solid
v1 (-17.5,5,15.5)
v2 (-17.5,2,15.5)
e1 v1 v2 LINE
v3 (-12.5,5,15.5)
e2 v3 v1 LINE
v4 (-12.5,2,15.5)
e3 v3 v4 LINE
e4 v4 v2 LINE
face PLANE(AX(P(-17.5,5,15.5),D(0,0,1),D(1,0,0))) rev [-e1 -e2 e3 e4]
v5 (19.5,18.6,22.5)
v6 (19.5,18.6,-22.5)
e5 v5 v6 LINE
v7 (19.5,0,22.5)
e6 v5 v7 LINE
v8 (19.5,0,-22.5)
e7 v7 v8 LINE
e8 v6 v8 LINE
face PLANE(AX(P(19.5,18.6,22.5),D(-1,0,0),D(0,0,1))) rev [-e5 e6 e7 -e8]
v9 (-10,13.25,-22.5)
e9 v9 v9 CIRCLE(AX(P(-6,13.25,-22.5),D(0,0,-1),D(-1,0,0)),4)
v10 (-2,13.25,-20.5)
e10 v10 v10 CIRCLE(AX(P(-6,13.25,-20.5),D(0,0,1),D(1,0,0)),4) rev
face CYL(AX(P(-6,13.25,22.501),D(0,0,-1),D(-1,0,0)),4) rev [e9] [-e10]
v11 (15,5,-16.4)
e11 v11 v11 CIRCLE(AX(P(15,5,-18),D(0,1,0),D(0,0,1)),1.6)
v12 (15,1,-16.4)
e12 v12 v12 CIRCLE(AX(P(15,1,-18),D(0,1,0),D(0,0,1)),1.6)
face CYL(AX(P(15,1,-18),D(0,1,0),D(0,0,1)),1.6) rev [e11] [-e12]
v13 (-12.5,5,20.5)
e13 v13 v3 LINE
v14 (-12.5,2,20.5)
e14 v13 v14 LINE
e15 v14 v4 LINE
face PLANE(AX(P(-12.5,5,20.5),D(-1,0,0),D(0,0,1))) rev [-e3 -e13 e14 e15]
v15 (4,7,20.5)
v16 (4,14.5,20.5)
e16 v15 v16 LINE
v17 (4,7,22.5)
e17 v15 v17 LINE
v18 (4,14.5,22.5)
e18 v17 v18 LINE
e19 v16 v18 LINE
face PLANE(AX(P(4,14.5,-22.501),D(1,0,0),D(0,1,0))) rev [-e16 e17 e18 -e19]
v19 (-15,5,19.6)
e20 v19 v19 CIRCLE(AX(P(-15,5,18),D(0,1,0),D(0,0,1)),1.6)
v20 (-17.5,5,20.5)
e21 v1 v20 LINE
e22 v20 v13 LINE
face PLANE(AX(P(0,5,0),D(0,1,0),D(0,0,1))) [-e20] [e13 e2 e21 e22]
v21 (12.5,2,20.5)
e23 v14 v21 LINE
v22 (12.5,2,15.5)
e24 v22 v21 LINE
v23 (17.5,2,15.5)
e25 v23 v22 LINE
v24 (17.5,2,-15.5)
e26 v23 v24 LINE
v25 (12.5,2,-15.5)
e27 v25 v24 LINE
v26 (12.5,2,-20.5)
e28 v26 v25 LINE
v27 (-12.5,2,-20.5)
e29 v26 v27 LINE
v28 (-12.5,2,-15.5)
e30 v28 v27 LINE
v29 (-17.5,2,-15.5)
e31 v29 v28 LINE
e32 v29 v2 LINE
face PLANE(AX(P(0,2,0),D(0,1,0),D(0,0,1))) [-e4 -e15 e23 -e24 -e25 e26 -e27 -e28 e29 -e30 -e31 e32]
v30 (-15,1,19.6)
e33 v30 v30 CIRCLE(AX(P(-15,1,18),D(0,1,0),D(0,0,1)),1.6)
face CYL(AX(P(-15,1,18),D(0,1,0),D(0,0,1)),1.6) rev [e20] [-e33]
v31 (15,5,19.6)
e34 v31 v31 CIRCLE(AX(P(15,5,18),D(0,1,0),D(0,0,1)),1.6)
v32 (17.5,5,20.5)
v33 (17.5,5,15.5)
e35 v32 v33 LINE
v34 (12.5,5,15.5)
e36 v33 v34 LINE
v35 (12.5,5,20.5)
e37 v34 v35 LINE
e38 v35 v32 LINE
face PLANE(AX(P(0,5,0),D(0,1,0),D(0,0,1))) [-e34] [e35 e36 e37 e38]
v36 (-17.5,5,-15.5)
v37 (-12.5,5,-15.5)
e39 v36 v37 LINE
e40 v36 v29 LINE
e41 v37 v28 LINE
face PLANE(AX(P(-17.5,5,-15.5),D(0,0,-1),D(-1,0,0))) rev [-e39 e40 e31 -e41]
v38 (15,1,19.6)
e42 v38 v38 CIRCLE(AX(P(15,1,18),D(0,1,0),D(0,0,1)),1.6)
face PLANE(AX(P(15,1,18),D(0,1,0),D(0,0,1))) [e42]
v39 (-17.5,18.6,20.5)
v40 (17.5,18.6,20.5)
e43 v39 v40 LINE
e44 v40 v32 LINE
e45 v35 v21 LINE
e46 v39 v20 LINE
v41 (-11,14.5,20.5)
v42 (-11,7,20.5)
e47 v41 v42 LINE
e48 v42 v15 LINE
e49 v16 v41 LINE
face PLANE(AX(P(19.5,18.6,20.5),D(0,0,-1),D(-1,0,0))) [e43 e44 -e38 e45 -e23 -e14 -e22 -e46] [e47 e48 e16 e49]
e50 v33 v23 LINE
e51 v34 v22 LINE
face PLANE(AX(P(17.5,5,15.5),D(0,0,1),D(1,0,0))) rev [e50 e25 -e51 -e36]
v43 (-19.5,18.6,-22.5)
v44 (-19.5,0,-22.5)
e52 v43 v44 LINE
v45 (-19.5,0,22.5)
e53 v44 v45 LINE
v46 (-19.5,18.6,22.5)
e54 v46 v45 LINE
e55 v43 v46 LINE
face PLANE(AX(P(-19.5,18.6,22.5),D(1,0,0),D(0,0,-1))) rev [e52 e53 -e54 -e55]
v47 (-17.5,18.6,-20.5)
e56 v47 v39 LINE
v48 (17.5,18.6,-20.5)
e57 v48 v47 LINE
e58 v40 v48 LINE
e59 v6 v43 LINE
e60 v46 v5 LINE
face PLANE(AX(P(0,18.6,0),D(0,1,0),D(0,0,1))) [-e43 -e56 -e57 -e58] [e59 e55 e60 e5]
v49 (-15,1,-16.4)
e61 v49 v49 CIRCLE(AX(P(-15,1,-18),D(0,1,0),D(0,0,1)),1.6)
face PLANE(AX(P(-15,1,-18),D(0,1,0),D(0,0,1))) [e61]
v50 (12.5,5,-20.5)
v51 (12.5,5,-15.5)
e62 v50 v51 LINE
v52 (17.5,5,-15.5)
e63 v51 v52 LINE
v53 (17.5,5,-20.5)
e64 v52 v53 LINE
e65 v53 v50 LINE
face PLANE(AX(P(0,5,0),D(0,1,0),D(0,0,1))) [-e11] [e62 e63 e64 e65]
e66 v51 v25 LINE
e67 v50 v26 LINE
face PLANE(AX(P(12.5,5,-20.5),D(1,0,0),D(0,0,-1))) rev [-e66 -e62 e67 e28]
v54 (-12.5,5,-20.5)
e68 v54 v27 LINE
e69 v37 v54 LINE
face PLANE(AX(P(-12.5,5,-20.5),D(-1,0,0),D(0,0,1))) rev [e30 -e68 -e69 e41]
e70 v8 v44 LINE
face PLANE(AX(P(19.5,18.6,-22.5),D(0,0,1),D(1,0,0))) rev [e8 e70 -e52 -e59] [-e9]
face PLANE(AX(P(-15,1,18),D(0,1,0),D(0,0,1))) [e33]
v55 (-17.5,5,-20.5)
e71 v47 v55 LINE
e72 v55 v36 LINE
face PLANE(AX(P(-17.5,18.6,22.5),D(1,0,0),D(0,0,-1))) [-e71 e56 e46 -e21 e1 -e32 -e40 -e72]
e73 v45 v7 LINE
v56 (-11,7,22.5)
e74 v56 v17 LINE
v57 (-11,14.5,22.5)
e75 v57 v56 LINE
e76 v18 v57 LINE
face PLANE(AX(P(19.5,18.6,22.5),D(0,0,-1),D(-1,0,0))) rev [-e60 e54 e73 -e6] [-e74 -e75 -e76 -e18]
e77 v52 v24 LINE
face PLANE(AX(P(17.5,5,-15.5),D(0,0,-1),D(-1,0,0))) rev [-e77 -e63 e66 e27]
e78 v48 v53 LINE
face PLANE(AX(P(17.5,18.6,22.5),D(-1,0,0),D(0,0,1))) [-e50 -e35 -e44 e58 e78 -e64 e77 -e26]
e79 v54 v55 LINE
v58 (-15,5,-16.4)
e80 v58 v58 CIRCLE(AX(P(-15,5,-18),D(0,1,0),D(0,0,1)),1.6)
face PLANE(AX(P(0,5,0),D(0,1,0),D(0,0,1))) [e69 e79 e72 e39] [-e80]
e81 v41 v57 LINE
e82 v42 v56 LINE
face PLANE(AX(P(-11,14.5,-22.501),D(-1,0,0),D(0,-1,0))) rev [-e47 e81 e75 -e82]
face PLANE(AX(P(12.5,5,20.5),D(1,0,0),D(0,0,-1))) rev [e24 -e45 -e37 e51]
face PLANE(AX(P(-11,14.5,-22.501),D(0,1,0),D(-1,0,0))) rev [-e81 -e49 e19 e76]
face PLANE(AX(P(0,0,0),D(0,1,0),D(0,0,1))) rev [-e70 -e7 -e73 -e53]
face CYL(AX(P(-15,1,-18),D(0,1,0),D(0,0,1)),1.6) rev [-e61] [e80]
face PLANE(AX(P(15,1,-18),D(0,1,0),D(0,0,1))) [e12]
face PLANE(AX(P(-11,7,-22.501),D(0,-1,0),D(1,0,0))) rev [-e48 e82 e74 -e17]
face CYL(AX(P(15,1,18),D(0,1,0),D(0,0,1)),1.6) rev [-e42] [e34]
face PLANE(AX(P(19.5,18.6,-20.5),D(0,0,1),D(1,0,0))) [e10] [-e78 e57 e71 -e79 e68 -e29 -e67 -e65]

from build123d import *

# Parameters (mm, degrees)
SKETCH1_W             = 39
SKETCH1_H             = 45
BODY_DEPTH            = 18.6
SHELL1_T              = -2
SKETCH3_W             = 5
SKETCH3_H             = 5
INSERTS_SUPPORT_DEPTH = 3
SKETCH4_R             = 1.6
INSERTS_HOLES_DEPTH   = 4
USB_HOLE_REACH        = 54.452
SKETCH5_W             = 15
SKETCH5_H             = 7.5
JACK_HOLE_REACH       = 54.452
SKETCH6_R             = 4


with BuildPart() as part:
    # Sketch1 → Body (new body)
    with BuildSketch(Plane(origin=(0, 0, 0), x_dir=(1, 0, 0), z_dir=(0, 1, 0))):
        Rectangle(SKETCH1_W, SKETCH1_H)
    extrude(amount=BODY_DEPTH)

    # Shell1
    shell1_openings = [part.faces().sort_by_distance(p)[0] for p in [
        (0, 18.6, 0),
    ]]
    offset(amount=SHELL1_T, openings=shell1_openings, kind=Kind.INTERSECTION)

    # Sketch3 → Inserts_Support (add)
    with BuildSketch(Plane(origin=(0, 2, 0), x_dir=(1, 0, 0), z_dir=(0, 1, 0))):
        with Locations((-15, 18)):
            Rectangle(SKETCH3_W, SKETCH3_H)
        with Locations((15, 18)):
            Rectangle(SKETCH3_W, SKETCH3_H)
        with Locations((15, -18)):
            Rectangle(SKETCH3_W, SKETCH3_H)
        with Locations((-15, -18)):
            Rectangle(SKETCH3_W, SKETCH3_H)
    extrude(amount=INSERTS_SUPPORT_DEPTH)

    # Sketch4 → Inserts_Holes (cut)
    with BuildSketch(Plane(origin=(0, 5, 0), x_dir=(1, 0, 0), z_dir=(0, 1, 0))):
        with Locations(Location((-15, 18, 0), (0, 0, 270))):
            Circle(SKETCH4_R)
        with Locations(Location((15, 18, 0), (0, 0, 270))):
            Circle(SKETCH4_R)
        with Locations(Location((15, -18, 0), (0, 0, 270))):
            Circle(SKETCH4_R)
        with Locations(Location((-15, -18, 0), (0, 0, 270))):
            Circle(SKETCH4_R)
    extrude(amount=-INSERTS_HOLES_DEPTH, mode=Mode.SUBTRACT)

    # Sketch5 → USB_Hole (cut, up to next)
    with BuildSketch(Plane.XY.offset(22.5), mode=Mode.PRIVATE) as usb_hole_sk1:
        with Locations((-3.5, 10.75)):
            Rectangle(SKETCH5_W, SKETCH5_H)
    usb_hole_tool1 = extrude(usb_hole_sk1.sketch, amount=-USB_HOLE_REACH, mode=Mode.PRIVATE) & part.part
    add(usb_hole_tool1.solids().sort_by_distance((-3.5, 10.75, 22.5))[0], mode=Mode.SUBTRACT)

    # Sketch6 → Jack_Hole (cut, up to next)
    with BuildSketch(Plane(origin=(0, 0, -22.5), x_dir=(-1, 0, 0), z_dir=(0, 0, -1)), mode=Mode.PRIVATE) as jack_hole_sk1:
        with Locations((6, 13.25)):
            Circle(SKETCH6_R)
    jack_hole_tool1 = extrude(jack_hole_sk1.sketch, amount=-JACK_HOLE_REACH, mode=Mode.PRIVATE) & part.part
    add(jack_hole_tool1.solids().sort_by_distance((-6, 13.25, -22.5))[0], mode=Mode.SUBTRACT)


solid = part.part
